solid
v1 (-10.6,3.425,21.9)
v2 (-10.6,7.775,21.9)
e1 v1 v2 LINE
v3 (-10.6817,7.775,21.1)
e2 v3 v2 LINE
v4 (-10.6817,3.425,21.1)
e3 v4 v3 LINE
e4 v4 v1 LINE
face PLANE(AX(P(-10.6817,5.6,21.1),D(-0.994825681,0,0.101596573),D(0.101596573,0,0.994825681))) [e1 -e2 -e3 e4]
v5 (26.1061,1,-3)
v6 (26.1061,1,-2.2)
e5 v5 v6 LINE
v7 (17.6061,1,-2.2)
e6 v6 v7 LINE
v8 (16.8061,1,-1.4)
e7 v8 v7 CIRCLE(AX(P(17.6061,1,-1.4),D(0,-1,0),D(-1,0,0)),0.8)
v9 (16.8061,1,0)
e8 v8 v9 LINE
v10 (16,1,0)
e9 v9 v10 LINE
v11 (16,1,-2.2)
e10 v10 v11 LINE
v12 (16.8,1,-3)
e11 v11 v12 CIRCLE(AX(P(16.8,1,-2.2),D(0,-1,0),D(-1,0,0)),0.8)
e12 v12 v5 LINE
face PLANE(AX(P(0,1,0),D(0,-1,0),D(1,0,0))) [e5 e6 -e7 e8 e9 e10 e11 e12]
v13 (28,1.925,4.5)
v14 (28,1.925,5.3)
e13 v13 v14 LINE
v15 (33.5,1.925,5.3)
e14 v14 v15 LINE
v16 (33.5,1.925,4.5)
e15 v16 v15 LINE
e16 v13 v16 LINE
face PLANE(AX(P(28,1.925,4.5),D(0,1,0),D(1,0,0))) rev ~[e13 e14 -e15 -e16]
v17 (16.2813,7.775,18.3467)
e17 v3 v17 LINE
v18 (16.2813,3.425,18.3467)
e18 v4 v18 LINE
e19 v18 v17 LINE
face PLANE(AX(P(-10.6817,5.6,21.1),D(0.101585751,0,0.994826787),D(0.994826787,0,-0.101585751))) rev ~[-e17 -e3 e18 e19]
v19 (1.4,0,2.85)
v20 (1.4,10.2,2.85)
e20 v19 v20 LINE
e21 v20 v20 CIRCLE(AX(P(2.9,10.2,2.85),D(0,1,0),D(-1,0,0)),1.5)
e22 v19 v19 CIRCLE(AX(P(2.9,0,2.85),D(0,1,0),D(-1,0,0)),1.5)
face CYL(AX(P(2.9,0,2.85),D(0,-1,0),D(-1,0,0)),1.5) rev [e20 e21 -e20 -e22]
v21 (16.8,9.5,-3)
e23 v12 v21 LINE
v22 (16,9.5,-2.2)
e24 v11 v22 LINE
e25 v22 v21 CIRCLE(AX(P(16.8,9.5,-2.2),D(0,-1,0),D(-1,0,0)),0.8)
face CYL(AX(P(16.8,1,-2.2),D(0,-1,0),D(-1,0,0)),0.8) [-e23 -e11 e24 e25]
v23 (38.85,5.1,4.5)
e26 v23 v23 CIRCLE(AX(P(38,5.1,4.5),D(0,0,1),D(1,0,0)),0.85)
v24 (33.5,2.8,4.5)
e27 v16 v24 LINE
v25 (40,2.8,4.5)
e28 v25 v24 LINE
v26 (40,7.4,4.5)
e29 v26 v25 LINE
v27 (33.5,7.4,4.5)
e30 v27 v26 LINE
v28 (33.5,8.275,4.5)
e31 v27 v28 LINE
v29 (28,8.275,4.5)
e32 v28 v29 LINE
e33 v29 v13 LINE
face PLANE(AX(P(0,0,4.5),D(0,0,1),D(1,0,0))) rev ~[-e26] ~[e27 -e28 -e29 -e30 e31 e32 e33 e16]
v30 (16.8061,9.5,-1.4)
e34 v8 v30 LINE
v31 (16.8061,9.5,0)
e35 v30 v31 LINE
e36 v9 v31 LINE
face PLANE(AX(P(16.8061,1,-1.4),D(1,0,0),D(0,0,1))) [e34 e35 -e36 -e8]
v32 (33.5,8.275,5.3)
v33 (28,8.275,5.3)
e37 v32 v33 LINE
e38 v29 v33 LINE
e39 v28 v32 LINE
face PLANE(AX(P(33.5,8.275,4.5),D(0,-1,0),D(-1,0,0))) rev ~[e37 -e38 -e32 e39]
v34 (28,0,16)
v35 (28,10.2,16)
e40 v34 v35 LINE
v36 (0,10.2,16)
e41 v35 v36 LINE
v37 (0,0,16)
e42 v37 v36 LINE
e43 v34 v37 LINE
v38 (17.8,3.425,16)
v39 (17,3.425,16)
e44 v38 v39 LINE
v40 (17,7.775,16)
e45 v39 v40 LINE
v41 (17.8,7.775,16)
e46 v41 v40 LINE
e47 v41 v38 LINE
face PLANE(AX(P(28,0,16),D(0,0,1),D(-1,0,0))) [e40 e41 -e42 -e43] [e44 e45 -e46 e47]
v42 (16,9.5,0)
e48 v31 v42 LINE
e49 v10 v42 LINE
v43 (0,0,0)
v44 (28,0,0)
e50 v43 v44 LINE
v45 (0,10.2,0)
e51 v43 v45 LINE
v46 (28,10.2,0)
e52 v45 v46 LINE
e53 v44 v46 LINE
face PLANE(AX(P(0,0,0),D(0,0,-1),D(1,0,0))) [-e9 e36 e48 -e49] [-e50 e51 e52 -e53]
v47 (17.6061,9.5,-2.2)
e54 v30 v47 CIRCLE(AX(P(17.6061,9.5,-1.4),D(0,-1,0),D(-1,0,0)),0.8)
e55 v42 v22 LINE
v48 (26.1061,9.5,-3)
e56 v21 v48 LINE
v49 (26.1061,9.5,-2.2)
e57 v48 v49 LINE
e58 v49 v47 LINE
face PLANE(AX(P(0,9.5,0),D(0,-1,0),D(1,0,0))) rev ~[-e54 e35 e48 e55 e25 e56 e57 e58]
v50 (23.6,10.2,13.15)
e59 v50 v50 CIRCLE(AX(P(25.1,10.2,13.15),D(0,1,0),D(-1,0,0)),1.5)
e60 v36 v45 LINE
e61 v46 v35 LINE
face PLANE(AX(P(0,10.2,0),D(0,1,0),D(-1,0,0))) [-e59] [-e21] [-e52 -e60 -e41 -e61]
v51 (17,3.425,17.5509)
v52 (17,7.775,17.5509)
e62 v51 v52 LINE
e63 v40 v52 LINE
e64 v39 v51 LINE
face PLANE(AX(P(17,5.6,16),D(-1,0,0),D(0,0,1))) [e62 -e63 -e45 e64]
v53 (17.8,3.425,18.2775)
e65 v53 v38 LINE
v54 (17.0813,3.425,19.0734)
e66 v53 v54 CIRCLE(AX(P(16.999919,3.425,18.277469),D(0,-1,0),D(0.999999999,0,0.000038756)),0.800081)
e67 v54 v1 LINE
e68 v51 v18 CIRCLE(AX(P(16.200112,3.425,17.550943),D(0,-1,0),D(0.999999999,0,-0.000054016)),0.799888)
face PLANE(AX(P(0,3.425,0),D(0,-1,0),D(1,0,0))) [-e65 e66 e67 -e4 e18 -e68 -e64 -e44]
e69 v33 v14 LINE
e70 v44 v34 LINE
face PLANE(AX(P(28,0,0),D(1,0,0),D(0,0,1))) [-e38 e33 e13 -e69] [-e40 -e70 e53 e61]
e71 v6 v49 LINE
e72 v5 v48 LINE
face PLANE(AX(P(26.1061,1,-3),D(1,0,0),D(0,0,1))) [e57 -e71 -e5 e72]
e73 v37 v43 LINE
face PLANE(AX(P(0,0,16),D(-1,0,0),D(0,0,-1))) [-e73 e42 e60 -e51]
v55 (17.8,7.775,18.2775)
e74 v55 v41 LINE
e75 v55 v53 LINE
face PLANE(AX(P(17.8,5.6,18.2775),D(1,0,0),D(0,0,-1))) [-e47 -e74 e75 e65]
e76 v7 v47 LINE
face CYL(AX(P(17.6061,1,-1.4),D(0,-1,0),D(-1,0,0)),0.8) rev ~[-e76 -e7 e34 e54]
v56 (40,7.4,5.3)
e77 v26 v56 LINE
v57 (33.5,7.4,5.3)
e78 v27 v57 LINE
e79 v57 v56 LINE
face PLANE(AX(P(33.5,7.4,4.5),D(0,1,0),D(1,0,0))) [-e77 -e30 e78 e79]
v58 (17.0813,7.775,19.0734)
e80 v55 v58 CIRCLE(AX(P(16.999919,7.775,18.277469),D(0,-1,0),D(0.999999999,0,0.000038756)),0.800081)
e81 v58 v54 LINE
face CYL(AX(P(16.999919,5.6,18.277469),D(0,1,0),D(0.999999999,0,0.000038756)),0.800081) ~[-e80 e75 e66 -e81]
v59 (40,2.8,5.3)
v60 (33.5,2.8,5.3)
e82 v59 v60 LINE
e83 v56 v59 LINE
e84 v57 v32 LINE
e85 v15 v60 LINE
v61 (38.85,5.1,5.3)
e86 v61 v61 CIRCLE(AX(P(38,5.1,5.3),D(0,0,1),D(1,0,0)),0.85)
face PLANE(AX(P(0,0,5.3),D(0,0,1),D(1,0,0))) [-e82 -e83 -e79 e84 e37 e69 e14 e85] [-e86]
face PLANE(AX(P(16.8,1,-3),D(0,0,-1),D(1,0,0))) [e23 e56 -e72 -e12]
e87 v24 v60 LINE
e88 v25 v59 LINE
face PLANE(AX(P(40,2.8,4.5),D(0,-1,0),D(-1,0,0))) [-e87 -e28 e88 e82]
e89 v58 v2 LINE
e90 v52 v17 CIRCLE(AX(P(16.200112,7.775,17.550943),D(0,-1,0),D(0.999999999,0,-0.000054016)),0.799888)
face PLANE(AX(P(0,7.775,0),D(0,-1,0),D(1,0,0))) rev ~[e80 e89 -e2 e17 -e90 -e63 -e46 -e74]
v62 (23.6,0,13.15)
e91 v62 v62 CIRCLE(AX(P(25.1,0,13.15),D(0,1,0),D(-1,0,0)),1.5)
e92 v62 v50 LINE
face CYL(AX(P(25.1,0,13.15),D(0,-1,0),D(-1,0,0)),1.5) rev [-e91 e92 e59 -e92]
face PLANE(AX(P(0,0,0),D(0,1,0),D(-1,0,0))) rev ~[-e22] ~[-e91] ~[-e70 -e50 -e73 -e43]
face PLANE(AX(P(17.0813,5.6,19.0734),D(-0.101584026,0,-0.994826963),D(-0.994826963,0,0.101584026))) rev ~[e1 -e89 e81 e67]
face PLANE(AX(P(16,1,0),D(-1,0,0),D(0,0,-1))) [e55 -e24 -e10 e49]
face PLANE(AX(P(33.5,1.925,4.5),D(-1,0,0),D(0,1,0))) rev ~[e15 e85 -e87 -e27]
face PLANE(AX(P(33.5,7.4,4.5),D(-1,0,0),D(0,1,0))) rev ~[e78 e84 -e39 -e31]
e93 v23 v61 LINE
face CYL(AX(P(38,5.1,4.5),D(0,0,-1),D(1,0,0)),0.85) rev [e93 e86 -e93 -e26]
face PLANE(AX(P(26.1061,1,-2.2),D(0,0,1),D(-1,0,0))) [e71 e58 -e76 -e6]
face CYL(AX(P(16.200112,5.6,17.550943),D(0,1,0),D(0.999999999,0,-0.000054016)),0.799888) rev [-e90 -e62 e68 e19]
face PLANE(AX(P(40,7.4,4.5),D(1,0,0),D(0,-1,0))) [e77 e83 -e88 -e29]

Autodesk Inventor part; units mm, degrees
ref_plane "YZ Plane" through (0, 0, 0) normal (1, 0, 0) x (0, 1, 0)
ref_plane "XZ Plane" through (0, 0, 0) normal (0, 1, 0) x (-1, 0, 0)
sketch "Sketch1" plane through (0, 0, 0) normal (0, 1, 0) x (-1, 0, 0)
  line L0 (0, 0) -> (-28, 0)
  line L1 (-28, 0) -> (-28, 16)
  line L2 (-28, 16) -> (0, 16)
  line L3 (0, 16) -> (0, 0)
  circle A0 centre (-25.1, 13.15) radius 1.5
  circle A1 centre (-2.9, 2.85) radius 1.5
  line L4 (-28, 8) -> (0, 8) construction
  line L5 (-14, 0) -> (-14, 16) construction
  line L6 (-25.1, 13.15) -> (-28, 13.15) construction
  line L7 (-25.1, 13.15) -> (-25.1, 16) construction
  line L8 (-2.9, 2.85) -> (-2.9, 0) construction
  line L9 (-2.9, 2.85) -> (0, 2.85) construction
  dimension "d0" = 28
  dimension "d1" = 16
  dimension "d2" = 3
  dimension "d3" = 3
  dimension "d4" = 22.2
  dimension "d5" = 10.3
extrude "Extrusion1" add sketch "Sketch1" along normal blind 10.2
ref_plane "Work Plane1" through (0, 0, 4.5) normal (0, 0, 1) x (1, 0, 0)
sketch "Sketch2" plane through (0, 0, 4.5) normal (0, 0, 1) x (1, 0, 0)
  line L0 (28, 1.925) -> (33.5, 1.925)
  line L1 (33.5, 1.925) -> (33.5, 2.8)
  line L2 (33.5, 8.275) -> (28, 8.275)
  line L3 (28, 8.275) -> (28, 1.925)
  line L4 (33.5, 7.4) -> (40, 7.4)
  line L5 (40, 7.4) -> (40, 2.8)
  line L6 (40, 2.8) -> (33.5, 2.8)
  line L7 (33.5, 7.4) -> (33.5, 8.275)
  line L8 (33.5, 2.8) -> (33.5, 7.4) construction
  line L9 (28, 1.925) -> (28, 0) construction
  line L10 (28, 8.275) -> (28, 10.2) construction
  circle A0 centre (38, 5.1) radius 0.85
  line L11 (38, 5.1) -> (38, 2.8) construction
  line L12 (38, 7.4) -> (38, 5.1) construction
  point P0 (0, 0)
  dimension "d12" = 6.5
  dimension "d13" = 1.7
  dimension "d14" = 2
  dimension "d15" = 12
  dimension "d16" = 4.6
  dimension "d17" = 6.35
extrude "Extrusion2" add sketch "Sketch2" along normal blind 0.8
ref_plane "Work Plane2" through (0, 1, 0) normal (0, -1, 0) x (1, 0, 0)
sketch "Sketch4" plane through (0, 1, 0) normal (0, -1, 0) x (1, 0, 0)
  line L0 (16.8061, 0) -> (16, 0)
  line L1 (16, 0) -> (16, -2.2)
  line L2 (16.8, -3) -> (16.8, -3)
  line L3 (16.8, -3) -> (26.1061, -3)
  line L4 (26.1061, -3) -> (26.1061, -2.2)
  line L5 (26.1061, -2.2) -> (17.6061, -2.2)
  line L6 (16.8061, -1.4) -> (16.8061, 0)
  arc A0 (16, -2.2) -> (16.8, -3) centre (16.8, -2.2) ccw
  arc A1 (16.8061, -1.4) -> (17.6061, -2.2) centre (17.6061, -1.4) ccw
  line L7 (0, 0) -> (0, 16) projected
  point P0 (16, -3)
  point P1 (16.8061, -2.2)
  dimension "d32" = 0.8
  dimension "d33" = 3
  dimension "d34" = 9.3
  dimension "d35" = 0.8
  dimension "d36" = 0.8
  dimension "d41" = 16
extrude "Extrusion3" add sketch "Sketch4" against normal blind 8.5
sketch "Sketch5" plane through (0, 1, 0) normal (0, -1, 0) x (1, 0, 0)
  line L0 (28, 16) -> (0, 16) projected
  line L1 (17.8, 16) -> (17, 16)
  line L2 (17, 16) -> (17, 17.5509)
  line L3 (17, 19) -> (17.8, 19) construction
  line L4 (17.8, 18.2775) -> (17.8, 16)
  line L5 (0, 0) -> (0, 16) projected
  line L6 (17.0813, 19.0734) -> (-10.6, 21.9)
  line L7 (-10.6817, 21.1) -> (-10.6, 21.9)
  line L8 (-10.6817, 21.1) -> (16.2813, 18.3467)
  line L9 (26.1061, -3) -> (16.8, -3) projected
  line L10 (40, 4.5) -> (40, 5.3) projected
  line L11 (17, 18.2733) -> (17, 19) construction
  arc A0 (17, 17.5509) -> (16.2813, 18.3467) centre (16.2, 17.5509) ccw
  arc A1 (17.8, 18.2775) -> (17.0813, 19.0734) centre (17, 18.2775) ccw
  dimension "d44" = 0.8
  dimension "d45" = 3
  dimension "d46" = 17
  dimension "d48" = 0.8
  dimension "d49" = 24.9
  dimension "d50" = 50.6
  dimension "d51" = 0.8
ref_plane "Work Plane4" through (0, 5.6, 0) normal (0, -1, 0) x (1, 0, 0)
sketch "Sketch6" plane through (0, 5.6, 0) normal (0, -1, 0) x (1, 0, 0)
  line L0 (17.8, 16) -> (17, 16)
  line L1 (17, 16) -> (17, 17.5509)
  line L2 (17, 19) -> (17.8, 19) construction
  line L3 (17.8, 18.2775) -> (17.8, 16)
  line L4 (17.0813, 19.0734) -> (-10.6, 21.9)
  line L5 (-10.6817, 21.1) -> (-10.6, 21.9)
  line L6 (-10.6817, 21.1) -> (16.2813, 18.3467)
  line L7 (17, 18.2733) -> (17, 19) construction
  arc A0 (17, 17.5509) -> (16.2813, 18.3467) centre (16.2, 17.5509) ccw
  arc A1 (17.8, 18.2775) -> (17.0813, 19.0734) centre (17, 18.2775) ccw
  line L8 (40, 4.5) -> (40, 5.3) projected
  line L9 (16.8, -3) -> (26.1061, -3) projected
  line L10 (0, 16) -> (0, 0) projected
  dimension "d54" = 0.8
  dimension "d55" = 3
  dimension "d57" = 0.8
  dimension "d60" = 0.8
  dimension "d61" = 50.6
  dimension "d62" = 24.9
  dimension "d63" = 17
extrude "Extrusion5" add sketch "Sketch6" along normal mid plane 4.35
properties part number "game-switch"
